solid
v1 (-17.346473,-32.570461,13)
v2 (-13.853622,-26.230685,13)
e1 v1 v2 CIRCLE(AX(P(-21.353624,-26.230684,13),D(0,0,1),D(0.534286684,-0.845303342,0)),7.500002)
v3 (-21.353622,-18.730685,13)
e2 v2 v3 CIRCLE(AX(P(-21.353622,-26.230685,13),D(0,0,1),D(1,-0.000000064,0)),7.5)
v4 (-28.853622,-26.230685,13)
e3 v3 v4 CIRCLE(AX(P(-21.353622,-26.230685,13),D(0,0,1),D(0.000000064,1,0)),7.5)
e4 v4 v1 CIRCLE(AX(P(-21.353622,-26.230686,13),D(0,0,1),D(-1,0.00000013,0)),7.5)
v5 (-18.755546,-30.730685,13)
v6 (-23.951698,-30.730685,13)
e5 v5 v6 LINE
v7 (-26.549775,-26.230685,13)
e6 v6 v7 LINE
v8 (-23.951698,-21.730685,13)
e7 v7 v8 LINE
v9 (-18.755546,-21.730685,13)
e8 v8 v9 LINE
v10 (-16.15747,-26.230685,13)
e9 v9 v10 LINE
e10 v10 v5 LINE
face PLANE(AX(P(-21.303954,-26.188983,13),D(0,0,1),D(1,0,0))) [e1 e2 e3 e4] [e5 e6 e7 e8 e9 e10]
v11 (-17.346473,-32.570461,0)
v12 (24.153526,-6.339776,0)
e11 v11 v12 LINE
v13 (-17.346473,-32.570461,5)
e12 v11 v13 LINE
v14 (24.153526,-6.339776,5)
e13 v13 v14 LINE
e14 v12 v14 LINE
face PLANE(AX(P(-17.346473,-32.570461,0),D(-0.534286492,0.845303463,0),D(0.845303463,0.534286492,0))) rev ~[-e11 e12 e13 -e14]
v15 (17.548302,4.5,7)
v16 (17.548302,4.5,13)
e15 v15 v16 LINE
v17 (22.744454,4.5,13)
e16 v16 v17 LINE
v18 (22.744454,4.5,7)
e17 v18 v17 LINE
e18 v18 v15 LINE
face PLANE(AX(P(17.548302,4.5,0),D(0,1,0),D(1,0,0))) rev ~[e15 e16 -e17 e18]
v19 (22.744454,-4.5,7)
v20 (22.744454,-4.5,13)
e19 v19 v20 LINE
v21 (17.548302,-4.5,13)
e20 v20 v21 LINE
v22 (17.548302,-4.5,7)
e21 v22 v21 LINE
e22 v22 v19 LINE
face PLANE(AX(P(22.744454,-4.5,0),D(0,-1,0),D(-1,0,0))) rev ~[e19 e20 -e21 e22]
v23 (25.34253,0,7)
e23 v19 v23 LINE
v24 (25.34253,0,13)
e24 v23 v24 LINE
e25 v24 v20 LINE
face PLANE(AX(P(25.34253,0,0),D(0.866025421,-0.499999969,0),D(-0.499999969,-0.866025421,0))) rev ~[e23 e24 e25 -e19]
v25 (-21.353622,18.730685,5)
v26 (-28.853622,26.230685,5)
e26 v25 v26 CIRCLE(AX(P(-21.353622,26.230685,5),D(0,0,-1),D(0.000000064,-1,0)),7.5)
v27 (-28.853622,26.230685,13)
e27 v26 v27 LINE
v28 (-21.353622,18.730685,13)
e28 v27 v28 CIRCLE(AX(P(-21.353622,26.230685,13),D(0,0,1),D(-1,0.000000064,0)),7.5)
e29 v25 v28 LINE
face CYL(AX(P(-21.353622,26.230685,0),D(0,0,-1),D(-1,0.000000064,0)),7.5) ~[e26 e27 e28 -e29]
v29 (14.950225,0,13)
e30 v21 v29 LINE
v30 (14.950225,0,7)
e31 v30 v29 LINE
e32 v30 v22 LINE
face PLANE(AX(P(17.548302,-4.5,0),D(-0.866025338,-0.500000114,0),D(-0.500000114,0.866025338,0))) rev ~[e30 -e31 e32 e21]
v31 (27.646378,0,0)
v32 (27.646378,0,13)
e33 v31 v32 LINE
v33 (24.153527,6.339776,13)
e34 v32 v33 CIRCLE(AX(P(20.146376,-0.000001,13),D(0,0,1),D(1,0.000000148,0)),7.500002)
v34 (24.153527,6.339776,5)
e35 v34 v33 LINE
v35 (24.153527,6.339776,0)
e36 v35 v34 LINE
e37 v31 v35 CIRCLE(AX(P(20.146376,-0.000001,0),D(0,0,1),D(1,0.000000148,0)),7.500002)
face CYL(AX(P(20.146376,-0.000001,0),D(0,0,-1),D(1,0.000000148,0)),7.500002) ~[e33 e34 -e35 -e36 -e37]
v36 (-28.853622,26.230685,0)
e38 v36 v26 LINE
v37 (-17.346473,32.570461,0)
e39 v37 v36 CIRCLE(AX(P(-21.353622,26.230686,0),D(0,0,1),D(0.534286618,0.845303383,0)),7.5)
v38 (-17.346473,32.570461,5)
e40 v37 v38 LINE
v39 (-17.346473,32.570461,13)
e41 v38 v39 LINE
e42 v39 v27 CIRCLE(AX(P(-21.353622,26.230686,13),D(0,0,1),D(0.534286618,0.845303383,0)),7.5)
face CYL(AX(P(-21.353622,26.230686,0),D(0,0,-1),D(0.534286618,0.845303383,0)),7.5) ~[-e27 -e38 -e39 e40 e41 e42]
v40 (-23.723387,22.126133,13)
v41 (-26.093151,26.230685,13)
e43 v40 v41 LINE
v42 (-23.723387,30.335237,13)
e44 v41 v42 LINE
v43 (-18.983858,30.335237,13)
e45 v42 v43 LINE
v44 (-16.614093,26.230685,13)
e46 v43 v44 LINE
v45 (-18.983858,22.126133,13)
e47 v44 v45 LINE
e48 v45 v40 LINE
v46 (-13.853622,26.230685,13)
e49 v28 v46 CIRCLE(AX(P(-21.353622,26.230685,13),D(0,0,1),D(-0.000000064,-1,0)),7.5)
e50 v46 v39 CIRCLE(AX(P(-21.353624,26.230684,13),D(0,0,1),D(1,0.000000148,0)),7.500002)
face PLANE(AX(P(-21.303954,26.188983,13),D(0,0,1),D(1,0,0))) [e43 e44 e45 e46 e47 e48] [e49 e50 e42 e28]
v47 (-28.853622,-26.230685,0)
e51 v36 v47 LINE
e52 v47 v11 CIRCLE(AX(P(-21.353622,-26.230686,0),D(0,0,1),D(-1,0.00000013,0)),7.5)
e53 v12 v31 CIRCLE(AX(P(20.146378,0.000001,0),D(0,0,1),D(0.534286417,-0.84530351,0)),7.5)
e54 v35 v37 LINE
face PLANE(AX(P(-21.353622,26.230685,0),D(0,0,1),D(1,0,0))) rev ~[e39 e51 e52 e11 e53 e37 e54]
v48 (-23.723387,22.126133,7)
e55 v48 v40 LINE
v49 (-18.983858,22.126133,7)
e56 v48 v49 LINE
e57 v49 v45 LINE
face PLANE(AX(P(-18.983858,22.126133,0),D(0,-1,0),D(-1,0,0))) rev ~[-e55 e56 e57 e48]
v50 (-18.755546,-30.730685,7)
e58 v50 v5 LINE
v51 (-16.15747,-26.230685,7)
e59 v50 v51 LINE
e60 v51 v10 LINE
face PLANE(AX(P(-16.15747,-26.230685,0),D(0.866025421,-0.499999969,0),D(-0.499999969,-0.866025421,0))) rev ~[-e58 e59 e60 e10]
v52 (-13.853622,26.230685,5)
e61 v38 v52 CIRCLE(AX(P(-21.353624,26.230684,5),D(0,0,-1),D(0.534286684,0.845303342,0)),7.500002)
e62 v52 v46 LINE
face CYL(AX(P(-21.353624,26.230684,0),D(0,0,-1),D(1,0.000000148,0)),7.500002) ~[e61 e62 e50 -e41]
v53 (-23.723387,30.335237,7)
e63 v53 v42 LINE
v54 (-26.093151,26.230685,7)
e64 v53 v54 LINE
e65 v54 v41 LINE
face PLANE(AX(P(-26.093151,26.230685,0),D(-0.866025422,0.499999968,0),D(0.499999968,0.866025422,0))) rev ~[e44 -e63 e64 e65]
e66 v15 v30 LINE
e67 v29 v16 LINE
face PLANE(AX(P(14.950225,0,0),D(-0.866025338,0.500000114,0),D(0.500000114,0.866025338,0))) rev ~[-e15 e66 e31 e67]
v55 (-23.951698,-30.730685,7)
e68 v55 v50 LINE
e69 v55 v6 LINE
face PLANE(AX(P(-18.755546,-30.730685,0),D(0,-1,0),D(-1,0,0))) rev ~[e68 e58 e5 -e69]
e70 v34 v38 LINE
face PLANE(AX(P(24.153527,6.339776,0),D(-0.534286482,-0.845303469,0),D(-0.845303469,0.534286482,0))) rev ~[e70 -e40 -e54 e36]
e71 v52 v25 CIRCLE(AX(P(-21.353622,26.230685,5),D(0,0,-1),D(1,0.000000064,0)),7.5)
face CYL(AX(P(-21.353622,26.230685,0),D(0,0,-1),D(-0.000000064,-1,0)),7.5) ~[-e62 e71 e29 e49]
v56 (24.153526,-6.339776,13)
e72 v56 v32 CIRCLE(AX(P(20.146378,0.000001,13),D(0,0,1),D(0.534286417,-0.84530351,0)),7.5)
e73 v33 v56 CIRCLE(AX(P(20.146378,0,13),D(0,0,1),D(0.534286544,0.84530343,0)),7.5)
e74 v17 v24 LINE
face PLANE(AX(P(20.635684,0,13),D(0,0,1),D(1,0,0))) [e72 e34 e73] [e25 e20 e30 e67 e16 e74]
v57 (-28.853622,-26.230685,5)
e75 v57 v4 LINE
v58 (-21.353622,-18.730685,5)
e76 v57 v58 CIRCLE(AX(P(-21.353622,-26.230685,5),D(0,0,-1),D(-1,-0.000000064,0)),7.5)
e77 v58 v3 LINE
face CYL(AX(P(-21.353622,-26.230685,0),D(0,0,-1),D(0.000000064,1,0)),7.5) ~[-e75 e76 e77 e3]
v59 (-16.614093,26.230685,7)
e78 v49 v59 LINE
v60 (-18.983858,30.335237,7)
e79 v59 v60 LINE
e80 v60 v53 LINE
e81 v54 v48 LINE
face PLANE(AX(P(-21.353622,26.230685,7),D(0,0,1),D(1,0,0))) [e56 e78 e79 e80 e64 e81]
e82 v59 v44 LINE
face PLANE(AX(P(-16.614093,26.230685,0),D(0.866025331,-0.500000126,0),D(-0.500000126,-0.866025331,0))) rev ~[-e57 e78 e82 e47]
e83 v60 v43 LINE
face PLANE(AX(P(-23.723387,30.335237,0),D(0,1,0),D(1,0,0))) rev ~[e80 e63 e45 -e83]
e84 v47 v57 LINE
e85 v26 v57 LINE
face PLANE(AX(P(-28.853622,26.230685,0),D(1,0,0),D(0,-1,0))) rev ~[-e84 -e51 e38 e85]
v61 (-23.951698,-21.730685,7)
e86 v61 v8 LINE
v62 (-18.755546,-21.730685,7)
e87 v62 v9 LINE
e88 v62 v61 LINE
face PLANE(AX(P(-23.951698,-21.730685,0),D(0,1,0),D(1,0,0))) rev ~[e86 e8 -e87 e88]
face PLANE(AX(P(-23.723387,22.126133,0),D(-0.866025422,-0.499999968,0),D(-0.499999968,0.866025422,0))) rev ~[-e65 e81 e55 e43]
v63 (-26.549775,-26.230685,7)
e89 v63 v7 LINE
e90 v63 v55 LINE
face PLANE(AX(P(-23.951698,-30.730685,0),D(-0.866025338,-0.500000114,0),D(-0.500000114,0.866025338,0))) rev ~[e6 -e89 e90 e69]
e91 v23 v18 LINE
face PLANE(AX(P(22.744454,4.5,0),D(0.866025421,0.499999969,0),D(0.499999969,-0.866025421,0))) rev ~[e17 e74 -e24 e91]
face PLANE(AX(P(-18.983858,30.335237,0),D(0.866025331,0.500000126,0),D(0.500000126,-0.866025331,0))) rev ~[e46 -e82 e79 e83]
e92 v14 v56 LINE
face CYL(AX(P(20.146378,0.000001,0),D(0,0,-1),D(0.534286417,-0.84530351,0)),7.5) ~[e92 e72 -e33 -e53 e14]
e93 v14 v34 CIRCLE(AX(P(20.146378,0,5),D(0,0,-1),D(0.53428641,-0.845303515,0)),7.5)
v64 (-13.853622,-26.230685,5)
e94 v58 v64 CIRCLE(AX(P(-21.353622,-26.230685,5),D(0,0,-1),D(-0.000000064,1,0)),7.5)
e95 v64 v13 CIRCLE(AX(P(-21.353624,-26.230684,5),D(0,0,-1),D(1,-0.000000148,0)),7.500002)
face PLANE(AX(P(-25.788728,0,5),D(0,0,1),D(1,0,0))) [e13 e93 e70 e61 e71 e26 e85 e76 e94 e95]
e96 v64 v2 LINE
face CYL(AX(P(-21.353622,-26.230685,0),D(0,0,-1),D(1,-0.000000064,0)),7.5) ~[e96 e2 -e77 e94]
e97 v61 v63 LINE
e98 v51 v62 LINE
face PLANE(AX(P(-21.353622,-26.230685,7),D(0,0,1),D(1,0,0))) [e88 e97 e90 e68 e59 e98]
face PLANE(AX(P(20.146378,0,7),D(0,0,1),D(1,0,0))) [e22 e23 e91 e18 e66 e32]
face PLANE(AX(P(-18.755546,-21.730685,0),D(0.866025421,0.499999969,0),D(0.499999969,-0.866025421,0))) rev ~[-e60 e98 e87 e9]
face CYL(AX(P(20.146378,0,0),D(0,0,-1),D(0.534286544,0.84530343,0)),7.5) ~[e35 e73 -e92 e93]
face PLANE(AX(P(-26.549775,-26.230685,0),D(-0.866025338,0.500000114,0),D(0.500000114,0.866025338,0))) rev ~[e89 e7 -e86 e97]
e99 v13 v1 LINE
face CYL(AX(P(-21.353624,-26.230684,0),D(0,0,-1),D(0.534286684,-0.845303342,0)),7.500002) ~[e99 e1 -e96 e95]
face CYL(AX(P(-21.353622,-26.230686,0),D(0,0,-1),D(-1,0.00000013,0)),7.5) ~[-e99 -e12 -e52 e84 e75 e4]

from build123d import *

# Parameters (mm, degrees)
F1_DEPTH = 5
F2_DEPTH = 13
F3_DEPTH = 7


with BuildPart() as f1:
    # F0 (on Top) → F1 (new body)
    with BuildSketch(Plane.XY):
        with BuildLine():
            ThreePointArc((-21.353622, 18.730685), (-26.656923, 20.927384), (-28.853622, 26.230685))
            Line((-28.853622, 26.230685), (-28.853622, -26.230685))
            ThreePointArc((-28.853622, -26.230685), (-26.656923, -20.927384), (-21.353622, -18.730685))
            Line((-21.353622, -18.730685), (-21.353622, 18.730685))
        make_face()
        with BuildLine():
            ThreePointArc((24.153526, -6.339776), (12.646378, 0), (24.153527, 6.339776))
            Line((24.153527, 6.339776), (-17.346473, 32.570461))
            ThreePointArc((-17.346473, 32.570461), (-14.784619, 29.849828), (-13.853622, 26.230685))
            ThreePointArc((-13.853622, 26.230685), (-16.050321, 20.927384), (-21.353622, 18.730685))
            Line((-21.353622, 18.730685), (-21.353622, -18.730685))
            ThreePointArc((-21.353622, -18.730685), (-16.050321, -20.927384), (-13.853622, -26.230685))
            ThreePointArc((-13.853622, -26.230685), (-14.784619, -29.849828), (-17.346473, -32.570461))
            Line((-17.346473, -32.570461), (24.153526, -6.339776))
        make_face()
    extrude(amount=F1_DEPTH)

    # F0 (on Top) → F2 (join)
    with BuildSketch(Plane.XY):
        with BuildLine():
            ThreePointArc((-28.853622, -26.230685), (-24.972765, -32.799689), (-17.346473, -32.570461))
            ThreePointArc((-17.346473, -32.570461), (-14.784619, -29.849828), (-13.853622, -26.230685))
            ThreePointArc((-13.853622, -26.230685), (-16.050321, -20.927384), (-21.353622, -18.730685))
            ThreePointArc((-21.353622, -18.730685), (-26.656923, -20.927384), (-28.853622, -26.230685))
        make_face()
        Polygon((-23.951698, -21.730685), (-21.353622, -21.730685), (-18.755546, -21.730685), (-16.15747, -26.230685), (-18.755546, -30.730685), (-23.951698, -30.730685), (-26.549775, -26.230685), align=None, mode=Mode.SUBTRACT)
        with BuildLine():
            ThreePointArc((24.153526, -6.339776), (26.715381, -3.619143), (27.646378, 0))
            ThreePointArc((27.646378, 0), (26.715381, 3.619143), (24.153527, 6.339776))
            ThreePointArc((24.153527, 6.339776), (12.646378, 0), (24.153526, -6.339776))
        make_face()
        Polygon((25.34253, 0), (22.744454, -4.5), (17.548302, -4.5), (14.950225, 0), (17.548302, 4.5), (22.744454, 4.5), align=None, mode=Mode.SUBTRACT)
        with BuildLine():
            ThreePointArc((-13.853622, 26.230685), (-14.784619, 29.849828), (-17.346473, 32.570461))
            ThreePointArc((-17.346473, 32.570461), (-24.972765, 32.799689), (-28.853622, 26.230685))
            ThreePointArc((-28.853622, 26.230685), (-26.656923, 20.927384), (-21.353622, 18.730685))
            ThreePointArc((-21.353622, 18.730685), (-16.050321, 20.927384), (-13.853622, 26.230685))
        make_face()
        Polygon((-18.983858, 22.126133), (-21.353622, 22.126133), (-23.723387, 22.126133), (-26.093151, 26.230685), (-23.723387, 30.335237), (-18.983858, 30.335237), (-16.614093, 26.230685), align=None, mode=Mode.SUBTRACT)
    extrude(amount=F2_DEPTH)

    # F0 (on Top) → F3 (join)
    with BuildSketch(Plane.XY):
        Polygon((-23.723387, 22.126133), (-21.353622, 22.126133), (-18.983858, 22.126133), (-16.614093, 26.230685), (-18.983858, 30.335237), (-23.723387, 30.335237), (-26.093151, 26.230685), align=None)
        Polygon((-18.755546, -21.730685), (-21.353622, -21.730685), (-23.951698, -21.730685), (-26.549775, -26.230685), (-23.951698, -30.730685), (-18.755546, -30.730685), (-16.15747, -26.230685), align=None)
        Polygon((17.548302, -4.5), (22.744454, -4.5), (25.34253, 0), (22.744454, 4.5), (17.548302, 4.5), (14.950225, 0), align=None)
    extrude(amount=F3_DEPTH)


solid = f1.part
